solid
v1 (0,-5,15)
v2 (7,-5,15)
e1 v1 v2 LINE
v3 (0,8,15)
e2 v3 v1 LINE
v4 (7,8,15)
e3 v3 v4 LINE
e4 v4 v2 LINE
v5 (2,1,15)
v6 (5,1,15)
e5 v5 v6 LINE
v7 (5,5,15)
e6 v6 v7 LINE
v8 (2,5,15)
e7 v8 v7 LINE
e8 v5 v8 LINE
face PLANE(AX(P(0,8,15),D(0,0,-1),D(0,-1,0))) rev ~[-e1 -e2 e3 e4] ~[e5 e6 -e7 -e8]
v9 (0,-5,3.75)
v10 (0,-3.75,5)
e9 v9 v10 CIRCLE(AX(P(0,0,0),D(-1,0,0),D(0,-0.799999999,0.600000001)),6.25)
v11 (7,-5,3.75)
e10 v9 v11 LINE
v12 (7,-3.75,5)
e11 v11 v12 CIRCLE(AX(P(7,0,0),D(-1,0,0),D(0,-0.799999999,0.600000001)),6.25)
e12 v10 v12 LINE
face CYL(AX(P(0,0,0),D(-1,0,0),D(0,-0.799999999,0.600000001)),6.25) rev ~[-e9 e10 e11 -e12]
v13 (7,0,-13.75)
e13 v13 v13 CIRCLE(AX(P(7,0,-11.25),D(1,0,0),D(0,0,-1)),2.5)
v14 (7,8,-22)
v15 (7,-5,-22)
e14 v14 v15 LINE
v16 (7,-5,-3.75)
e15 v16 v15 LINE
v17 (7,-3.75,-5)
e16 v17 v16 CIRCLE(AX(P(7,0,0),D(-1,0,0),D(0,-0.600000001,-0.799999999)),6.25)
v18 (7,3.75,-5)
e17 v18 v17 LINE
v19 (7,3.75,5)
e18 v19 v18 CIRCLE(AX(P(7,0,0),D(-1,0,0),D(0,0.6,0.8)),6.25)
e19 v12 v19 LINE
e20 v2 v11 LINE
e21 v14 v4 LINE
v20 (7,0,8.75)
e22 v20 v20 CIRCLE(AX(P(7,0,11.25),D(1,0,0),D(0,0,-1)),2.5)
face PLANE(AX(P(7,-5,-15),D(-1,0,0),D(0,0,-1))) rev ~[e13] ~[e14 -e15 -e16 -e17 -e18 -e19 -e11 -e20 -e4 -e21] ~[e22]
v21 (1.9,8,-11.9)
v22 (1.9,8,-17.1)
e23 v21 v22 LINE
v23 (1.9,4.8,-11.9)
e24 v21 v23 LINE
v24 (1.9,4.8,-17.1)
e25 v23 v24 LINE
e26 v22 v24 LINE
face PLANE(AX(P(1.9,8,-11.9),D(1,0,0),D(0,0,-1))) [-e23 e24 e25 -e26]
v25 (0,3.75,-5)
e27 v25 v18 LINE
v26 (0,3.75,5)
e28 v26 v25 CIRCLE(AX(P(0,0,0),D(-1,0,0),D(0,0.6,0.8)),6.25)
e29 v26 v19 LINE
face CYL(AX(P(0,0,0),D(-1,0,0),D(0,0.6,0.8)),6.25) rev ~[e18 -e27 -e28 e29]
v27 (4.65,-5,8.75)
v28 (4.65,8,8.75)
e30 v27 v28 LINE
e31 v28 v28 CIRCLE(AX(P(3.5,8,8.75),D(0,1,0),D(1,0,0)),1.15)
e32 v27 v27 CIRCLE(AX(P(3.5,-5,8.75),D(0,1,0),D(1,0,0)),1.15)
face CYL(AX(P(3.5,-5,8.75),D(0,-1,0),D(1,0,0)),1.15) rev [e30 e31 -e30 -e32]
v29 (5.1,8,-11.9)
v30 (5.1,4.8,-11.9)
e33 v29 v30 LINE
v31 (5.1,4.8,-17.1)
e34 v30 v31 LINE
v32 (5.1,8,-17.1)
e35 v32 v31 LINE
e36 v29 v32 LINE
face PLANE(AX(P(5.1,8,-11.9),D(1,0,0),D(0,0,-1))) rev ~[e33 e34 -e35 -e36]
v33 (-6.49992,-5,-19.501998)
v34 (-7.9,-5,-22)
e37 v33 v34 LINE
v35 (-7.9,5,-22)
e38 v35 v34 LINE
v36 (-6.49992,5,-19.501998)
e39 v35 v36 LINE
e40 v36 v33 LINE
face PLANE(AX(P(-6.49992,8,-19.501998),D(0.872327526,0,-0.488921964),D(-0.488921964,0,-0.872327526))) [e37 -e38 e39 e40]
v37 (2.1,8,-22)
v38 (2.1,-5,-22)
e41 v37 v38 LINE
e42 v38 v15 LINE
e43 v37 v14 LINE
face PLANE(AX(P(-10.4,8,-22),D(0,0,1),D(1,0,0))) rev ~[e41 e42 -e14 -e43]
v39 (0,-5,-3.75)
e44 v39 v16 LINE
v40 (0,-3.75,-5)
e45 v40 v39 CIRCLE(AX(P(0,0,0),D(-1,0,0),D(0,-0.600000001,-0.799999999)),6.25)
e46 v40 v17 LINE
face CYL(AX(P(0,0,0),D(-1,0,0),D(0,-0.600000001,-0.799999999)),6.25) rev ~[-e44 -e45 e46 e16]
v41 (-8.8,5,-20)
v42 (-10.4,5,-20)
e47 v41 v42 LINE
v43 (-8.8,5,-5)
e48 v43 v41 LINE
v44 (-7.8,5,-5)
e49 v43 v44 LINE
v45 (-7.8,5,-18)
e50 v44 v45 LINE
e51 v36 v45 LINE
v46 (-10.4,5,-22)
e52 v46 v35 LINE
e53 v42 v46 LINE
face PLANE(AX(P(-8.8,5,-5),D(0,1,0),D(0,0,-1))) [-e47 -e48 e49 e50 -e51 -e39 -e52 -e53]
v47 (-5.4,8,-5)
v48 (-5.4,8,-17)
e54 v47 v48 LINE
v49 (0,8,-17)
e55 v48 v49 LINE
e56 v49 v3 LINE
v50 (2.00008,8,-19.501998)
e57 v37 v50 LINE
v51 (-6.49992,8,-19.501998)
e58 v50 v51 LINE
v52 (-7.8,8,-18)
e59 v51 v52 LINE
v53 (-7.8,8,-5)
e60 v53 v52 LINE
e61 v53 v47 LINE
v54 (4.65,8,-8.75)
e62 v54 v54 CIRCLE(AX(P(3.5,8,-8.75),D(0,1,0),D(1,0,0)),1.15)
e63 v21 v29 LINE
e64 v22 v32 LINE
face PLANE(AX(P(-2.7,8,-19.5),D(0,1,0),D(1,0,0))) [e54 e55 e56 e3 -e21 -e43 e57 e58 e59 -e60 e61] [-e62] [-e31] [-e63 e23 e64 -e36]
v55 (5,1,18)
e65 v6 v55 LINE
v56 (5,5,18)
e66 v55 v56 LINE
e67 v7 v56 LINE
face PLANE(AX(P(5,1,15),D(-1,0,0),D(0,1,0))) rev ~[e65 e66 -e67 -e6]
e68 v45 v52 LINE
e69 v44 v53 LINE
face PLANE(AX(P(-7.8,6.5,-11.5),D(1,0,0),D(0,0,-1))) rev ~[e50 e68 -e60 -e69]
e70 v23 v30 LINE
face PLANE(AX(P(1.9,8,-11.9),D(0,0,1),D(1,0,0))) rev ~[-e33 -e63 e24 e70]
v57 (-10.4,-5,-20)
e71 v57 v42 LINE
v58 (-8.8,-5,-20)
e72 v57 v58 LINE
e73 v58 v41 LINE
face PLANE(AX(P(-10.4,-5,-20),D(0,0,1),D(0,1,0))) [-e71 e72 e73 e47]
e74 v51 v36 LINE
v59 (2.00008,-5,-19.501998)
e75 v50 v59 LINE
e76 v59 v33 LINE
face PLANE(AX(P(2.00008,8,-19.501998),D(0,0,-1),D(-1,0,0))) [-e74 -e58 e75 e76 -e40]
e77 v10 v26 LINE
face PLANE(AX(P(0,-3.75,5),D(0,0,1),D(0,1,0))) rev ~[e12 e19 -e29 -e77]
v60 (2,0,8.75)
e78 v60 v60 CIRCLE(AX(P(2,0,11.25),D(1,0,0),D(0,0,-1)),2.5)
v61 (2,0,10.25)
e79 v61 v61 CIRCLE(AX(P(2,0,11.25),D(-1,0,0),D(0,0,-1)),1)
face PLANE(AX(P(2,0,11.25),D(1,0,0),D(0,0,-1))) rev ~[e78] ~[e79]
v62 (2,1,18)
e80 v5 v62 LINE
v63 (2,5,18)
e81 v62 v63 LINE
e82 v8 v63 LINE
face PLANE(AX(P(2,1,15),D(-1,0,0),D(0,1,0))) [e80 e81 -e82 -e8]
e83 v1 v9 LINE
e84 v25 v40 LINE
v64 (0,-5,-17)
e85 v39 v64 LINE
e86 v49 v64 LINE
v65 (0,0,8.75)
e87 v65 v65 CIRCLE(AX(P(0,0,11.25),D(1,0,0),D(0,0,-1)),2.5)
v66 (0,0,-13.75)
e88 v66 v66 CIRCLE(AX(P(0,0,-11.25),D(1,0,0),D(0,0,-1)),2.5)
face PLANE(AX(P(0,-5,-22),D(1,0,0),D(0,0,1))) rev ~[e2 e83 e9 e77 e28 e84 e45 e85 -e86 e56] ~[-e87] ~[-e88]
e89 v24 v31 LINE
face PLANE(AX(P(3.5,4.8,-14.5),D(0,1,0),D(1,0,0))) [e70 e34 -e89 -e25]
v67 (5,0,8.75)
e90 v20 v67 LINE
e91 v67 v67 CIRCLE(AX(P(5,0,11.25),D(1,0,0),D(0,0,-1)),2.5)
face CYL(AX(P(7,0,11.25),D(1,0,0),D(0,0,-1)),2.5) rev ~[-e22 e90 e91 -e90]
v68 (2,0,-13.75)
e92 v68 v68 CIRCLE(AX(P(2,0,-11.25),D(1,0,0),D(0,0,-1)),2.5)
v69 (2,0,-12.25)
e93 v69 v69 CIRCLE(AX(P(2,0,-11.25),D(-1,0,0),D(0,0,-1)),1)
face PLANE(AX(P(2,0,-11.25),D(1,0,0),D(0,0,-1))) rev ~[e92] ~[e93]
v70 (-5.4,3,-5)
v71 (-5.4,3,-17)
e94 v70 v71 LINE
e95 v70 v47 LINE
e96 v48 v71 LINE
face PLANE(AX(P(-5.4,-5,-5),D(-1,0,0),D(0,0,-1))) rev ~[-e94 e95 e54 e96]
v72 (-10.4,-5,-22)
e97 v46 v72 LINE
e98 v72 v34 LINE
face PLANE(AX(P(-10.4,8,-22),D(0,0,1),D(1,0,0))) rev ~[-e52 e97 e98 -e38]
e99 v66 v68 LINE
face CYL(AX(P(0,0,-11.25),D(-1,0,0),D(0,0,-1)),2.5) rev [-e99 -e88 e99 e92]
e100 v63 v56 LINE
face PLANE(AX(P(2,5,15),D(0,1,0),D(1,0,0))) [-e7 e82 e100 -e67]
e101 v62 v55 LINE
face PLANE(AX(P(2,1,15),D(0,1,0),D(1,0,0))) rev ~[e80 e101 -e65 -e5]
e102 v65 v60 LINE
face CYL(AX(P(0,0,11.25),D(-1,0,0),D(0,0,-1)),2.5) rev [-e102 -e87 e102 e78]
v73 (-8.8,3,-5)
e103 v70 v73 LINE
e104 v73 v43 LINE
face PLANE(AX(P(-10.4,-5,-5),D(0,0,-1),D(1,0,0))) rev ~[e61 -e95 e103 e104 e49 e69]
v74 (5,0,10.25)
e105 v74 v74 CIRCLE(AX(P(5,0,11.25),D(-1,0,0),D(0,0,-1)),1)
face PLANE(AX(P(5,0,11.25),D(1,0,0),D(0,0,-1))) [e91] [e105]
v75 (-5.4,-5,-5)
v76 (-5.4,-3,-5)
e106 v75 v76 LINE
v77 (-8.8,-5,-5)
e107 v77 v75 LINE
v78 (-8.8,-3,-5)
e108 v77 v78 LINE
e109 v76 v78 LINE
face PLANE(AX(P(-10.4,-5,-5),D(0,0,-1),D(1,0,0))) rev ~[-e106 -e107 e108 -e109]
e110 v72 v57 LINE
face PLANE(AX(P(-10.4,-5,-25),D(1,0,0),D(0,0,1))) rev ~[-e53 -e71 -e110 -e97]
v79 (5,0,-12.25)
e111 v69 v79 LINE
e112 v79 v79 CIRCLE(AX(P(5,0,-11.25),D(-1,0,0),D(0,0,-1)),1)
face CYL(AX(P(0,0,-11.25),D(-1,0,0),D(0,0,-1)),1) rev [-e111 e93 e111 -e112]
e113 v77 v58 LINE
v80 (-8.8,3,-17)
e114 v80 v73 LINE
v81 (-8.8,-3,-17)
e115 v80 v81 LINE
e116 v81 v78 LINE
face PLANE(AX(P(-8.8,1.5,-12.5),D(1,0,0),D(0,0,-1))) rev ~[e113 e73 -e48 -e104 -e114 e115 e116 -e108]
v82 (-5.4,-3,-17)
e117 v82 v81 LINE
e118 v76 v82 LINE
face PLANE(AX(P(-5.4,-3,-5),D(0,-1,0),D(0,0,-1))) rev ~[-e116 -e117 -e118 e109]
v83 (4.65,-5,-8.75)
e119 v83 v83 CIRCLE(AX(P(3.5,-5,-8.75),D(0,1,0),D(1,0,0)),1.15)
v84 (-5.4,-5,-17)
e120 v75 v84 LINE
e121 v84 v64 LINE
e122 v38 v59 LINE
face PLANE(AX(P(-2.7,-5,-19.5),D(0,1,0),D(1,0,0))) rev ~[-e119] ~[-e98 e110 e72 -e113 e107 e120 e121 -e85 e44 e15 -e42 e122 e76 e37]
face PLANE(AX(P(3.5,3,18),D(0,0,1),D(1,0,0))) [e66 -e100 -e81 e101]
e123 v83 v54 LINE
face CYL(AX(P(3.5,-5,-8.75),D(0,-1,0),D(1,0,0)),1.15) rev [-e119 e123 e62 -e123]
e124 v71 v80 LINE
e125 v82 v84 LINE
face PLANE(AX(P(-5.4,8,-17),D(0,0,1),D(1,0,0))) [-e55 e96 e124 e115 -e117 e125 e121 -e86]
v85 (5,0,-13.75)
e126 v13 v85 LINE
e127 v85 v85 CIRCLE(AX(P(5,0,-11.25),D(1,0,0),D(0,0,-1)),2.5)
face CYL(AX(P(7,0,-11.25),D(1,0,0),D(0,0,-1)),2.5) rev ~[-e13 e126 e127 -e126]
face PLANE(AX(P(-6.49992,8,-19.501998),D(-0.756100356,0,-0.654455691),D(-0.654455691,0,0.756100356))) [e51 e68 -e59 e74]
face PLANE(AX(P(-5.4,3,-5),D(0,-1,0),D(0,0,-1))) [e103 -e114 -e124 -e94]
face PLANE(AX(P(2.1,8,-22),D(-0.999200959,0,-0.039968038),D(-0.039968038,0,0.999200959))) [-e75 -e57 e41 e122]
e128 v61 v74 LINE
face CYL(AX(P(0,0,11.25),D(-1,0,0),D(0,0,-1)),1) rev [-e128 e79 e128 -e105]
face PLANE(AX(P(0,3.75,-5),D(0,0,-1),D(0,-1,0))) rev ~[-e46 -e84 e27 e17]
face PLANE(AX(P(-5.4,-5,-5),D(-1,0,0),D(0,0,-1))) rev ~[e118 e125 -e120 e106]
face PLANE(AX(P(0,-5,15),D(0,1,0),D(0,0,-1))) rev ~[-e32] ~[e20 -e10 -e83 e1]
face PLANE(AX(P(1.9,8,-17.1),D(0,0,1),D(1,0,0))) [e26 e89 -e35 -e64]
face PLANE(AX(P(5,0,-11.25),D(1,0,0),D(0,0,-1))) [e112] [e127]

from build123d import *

# Parameters (mm, degrees)
SKETCH2_R           = 1
BOSS_EXTRUDE1_DEPTH = 7
CUT_EXTRUDE1_START  = -5
SKETCH3_R           = 1.15
CUT_EXTRUDE1_DEPTH  = 13
SKETCH5_R           = 2.5
CUT_EXTRUDE2_DEPTH  = 2
CUT_EXTRUDE3_START  = 7
SKETCH5_2_R         = 2.5
CUT_EXTRUDE3_DEPTH  = 2
BOSS_EXTRUDE2_START = -5
BOSS_EXTRUDE2_DEPTH = 13
CUT_EXTRUDE4_START  = -5.4
SKETCH7_W           = 12
SKETCH7_H           = 6
CUT_EXTRUDE4_DEPTH  = 5
CUT_EXTRUDE5_START  = -10.4
SKETCH8_W           = 15
SKETCH8_H           = 13
CUT_EXTRUDE5_DEPTH  = 1.6
CUT_EXTRUDE6_START  = -8.8
SKETCH9_W           = 13
SKETCH9_H           = 3
CUT_EXTRUDE6_DEPTH  = 1
BOSS_EXTRUDE4_START = 8
SKETCH10_W          = 5.4
SKETCH10_H          = 5
BOSS_EXTRUDE4_DEPTH = 13
CUT_EXTRUDE7_START  = 8
SKETCH11_W          = 17.4
SKETCH11_H          = 3
CUT_EXTRUDE7_DEPTH  = 13
BOSS_EXTRUDE5_START = 15
SKETCH12_W          = 3
SKETCH12_H          = 4
BOSS_EXTRUDE5_DEPTH = 3
CUT_EXTRUDE8_START  = 8
CUT_EXTRUDE8_DEPTH  = 13
CUT_EXTRUDE9_START  = 8
CUT_EXTRUDE9_DEPTH  = 3
CUT_EXTRUDE10_START = 8
SKETCH15_W          = 3.2
SKETCH15_H          = 5.2
CUT_EXTRUDE10_DEPTH = 3.2


with BuildPart() as part:
    # Sketch2 → Boss-Extrude1 (new body)
    with BuildSketch(Plane(origin=(0, 0, 0), x_dir=(0, 0, -1), z_dir=(1, 0, 0))):
        with BuildLine():
            Line((3.75, -5), (15, -5))
            Line((15, -5), (15, 8))
            Line((15, 8), (-15, 8))
            Line((-15, 8), (-15, -5))
            Line((-15, -5), (-3.75, -5))
            ThreePointArc((-3.75, -5), (-4.419417382, -4.419417382), (-5, -3.75))
            Line((-5, -3.75), (-5, 3.75))
            ThreePointArc((-5, 3.75), (0, 6.25), (5, 3.75))
            Line((5, 3.75), (5, -3.75))
            ThreePointArc((5, -3.75), (4.419417382, -4.419417382), (3.75, -5))
        make_face()
        with Locations((-11.25, 0)):
            Circle(SKETCH2_R, mode=Mode.SUBTRACT)
        with Locations((11.25, 0)):
            Circle(SKETCH2_R, mode=Mode.SUBTRACT)
    extrude(amount=BOSS_EXTRUDE1_DEPTH)

    # Sketch3 → Cut-Extrude1 (cut)
    with BuildSketch(Plane(origin=(0, 0, 0), x_dir=(1, 0, 0), z_dir=(0, 1, 0)).offset(CUT_EXTRUDE1_START)):
        with Locations((3.5, 8.75)):
            Circle(SKETCH3_R)
        with Locations((3.5, -8.75)):
            Circle(SKETCH3_R)
    extrude(amount=CUT_EXTRUDE1_DEPTH, mode=Mode.SUBTRACT)

    # Sketch5 → Cut-Extrude2 (cut)
    with BuildSketch(Plane(origin=(0, 0, 0), x_dir=(0, 0, -1), z_dir=(1, 0, 0))):
        with Locations((11.25, 0)):
            Circle(SKETCH5_R)
        with Locations((-11.25, 0)):
            Circle(SKETCH5_R)
    extrude(amount=CUT_EXTRUDE2_DEPTH, mode=Mode.SUBTRACT)

    # Sketch5<2> → Cut-Extrude3 (cut)
    with BuildSketch(Plane(origin=(0, 0, 0), x_dir=(0, 0, -1), z_dir=(1, 0, 0)).offset(CUT_EXTRUDE3_START)):
        with Locations((11.25, 0)):
            Circle(SKETCH5_2_R)
        with Locations((-11.25, 0)):
            Circle(SKETCH5_2_R)
    extrude(amount=-CUT_EXTRUDE3_DEPTH, mode=Mode.SUBTRACT)

    # Sketch6 → Boss-Extrude2 (add)
    with BuildSketch(Plane(origin=(0, 0, 0), x_dir=(1, 0, 0), z_dir=(0, 1, 0)).offset(BOSS_EXTRUDE2_START)):
        Polygon((7, 15), (7, 25), (-10.4, 25), (-10.4, 5), (-5.4, 5), (-5.4, 22), (0, 22), (0, 15), align=None)
    extrude(amount=BOSS_EXTRUDE2_DEPTH)

    # Sketch7 → Cut-Extrude4 (cut)
    with BuildSketch(Plane(origin=(0, 0, 0), x_dir=(0, 0, -1), z_dir=(1, 0, 0)).offset(CUT_EXTRUDE4_START)):
        with Locations((11, 0)):
            Rectangle(SKETCH7_W, SKETCH7_H)
    extrude(amount=-CUT_EXTRUDE4_DEPTH, mode=Mode.SUBTRACT)

    # Sketch8 → Cut-Extrude5 (cut)
    with BuildSketch(Plane(origin=(0, 0, 0), x_dir=(0, 0, -1), z_dir=(1, 0, 0)).offset(CUT_EXTRUDE5_START)):
        with Locations((12.5, 1.5)):
            Rectangle(SKETCH8_W, SKETCH8_H)
    extrude(amount=CUT_EXTRUDE5_DEPTH, mode=Mode.SUBTRACT)

    # Sketch9 → Cut-Extrude6 (cut)
    with BuildSketch(Plane(origin=(0, 0, 0), x_dir=(0, 0, -1), z_dir=(1, 0, 0)).offset(CUT_EXTRUDE6_START)):
        with Locations((11.5, 6.5)):
            Rectangle(SKETCH9_W, SKETCH9_H)
    extrude(amount=CUT_EXTRUDE6_DEPTH, mode=Mode.SUBTRACT)

    # Sketch10 → Boss-Extrude4 (add)
    with BuildSketch(Plane(origin=(0, 0, 0), x_dir=(1, 0, 0), z_dir=(0, 1, 0)).offset(BOSS_EXTRUDE4_START)):
        with Locations((-2.7, 19.5)):
            Rectangle(SKETCH10_W, SKETCH10_H)
    extrude(amount=-BOSS_EXTRUDE4_DEPTH)

    # Sketch11 → Cut-Extrude7 (cut)
    with BuildSketch(Plane(origin=(0, 0, 0), x_dir=(1, 0, 0), z_dir=(0, 1, 0)).offset(CUT_EXTRUDE7_START)):
        with Locations((-1.7, 23.5)):
            Rectangle(SKETCH11_W, SKETCH11_H)
    extrude(amount=-CUT_EXTRUDE7_DEPTH, mode=Mode.SUBTRACT)

    # Sketch12 → Boss-Extrude5 (add)
    with BuildSketch(Plane.XY.offset(BOSS_EXTRUDE5_START)):
        with Locations((3.5, 3)):
            Rectangle(SKETCH12_W, SKETCH12_H)
    extrude(amount=BOSS_EXTRUDE5_DEPTH)

    # Sketch13 → Cut-Extrude8 (cut)
    with BuildSketch(Plane(origin=(0, 0, 0), x_dir=(1, 0, 0), z_dir=(0, 1, 0)).offset(CUT_EXTRUDE8_START)):
        Polygon((2.1, 22), (2.000079904, 19.501997603), (-6.499920096, 19.501997603), (-7.9, 22), align=None)
    extrude(amount=-CUT_EXTRUDE8_DEPTH, mode=Mode.SUBTRACT)

    # Sketch14 → Cut-Extrude9 (cut)
    with BuildSketch(Plane(origin=(0, 0, 0), x_dir=(1, 0, 0), z_dir=(0, 1, 0)).offset(CUT_EXTRUDE9_START)):
        Polygon((-6.499920096, 19.501997603), (-7.8, 18), (-8.8, 18), (-8.8, 20), (-10.4, 20), (-10.4, 22), (-7.9, 22), align=None)
    extrude(amount=-CUT_EXTRUDE9_DEPTH, mode=Mode.SUBTRACT)

    # Sketch15 → Cut-Extrude10 (cut)
    with BuildSketch(Plane(origin=(0, 0, 0), x_dir=(1, 0, 0), z_dir=(0, 1, 0)).offset(CUT_EXTRUDE10_START)):
        with Locations((3.5, 14.5)):
            Rectangle(SKETCH15_W, SKETCH15_H)
    extrude(amount=-CUT_EXTRUDE10_DEPTH, mode=Mode.SUBTRACT)


solid = part.part
